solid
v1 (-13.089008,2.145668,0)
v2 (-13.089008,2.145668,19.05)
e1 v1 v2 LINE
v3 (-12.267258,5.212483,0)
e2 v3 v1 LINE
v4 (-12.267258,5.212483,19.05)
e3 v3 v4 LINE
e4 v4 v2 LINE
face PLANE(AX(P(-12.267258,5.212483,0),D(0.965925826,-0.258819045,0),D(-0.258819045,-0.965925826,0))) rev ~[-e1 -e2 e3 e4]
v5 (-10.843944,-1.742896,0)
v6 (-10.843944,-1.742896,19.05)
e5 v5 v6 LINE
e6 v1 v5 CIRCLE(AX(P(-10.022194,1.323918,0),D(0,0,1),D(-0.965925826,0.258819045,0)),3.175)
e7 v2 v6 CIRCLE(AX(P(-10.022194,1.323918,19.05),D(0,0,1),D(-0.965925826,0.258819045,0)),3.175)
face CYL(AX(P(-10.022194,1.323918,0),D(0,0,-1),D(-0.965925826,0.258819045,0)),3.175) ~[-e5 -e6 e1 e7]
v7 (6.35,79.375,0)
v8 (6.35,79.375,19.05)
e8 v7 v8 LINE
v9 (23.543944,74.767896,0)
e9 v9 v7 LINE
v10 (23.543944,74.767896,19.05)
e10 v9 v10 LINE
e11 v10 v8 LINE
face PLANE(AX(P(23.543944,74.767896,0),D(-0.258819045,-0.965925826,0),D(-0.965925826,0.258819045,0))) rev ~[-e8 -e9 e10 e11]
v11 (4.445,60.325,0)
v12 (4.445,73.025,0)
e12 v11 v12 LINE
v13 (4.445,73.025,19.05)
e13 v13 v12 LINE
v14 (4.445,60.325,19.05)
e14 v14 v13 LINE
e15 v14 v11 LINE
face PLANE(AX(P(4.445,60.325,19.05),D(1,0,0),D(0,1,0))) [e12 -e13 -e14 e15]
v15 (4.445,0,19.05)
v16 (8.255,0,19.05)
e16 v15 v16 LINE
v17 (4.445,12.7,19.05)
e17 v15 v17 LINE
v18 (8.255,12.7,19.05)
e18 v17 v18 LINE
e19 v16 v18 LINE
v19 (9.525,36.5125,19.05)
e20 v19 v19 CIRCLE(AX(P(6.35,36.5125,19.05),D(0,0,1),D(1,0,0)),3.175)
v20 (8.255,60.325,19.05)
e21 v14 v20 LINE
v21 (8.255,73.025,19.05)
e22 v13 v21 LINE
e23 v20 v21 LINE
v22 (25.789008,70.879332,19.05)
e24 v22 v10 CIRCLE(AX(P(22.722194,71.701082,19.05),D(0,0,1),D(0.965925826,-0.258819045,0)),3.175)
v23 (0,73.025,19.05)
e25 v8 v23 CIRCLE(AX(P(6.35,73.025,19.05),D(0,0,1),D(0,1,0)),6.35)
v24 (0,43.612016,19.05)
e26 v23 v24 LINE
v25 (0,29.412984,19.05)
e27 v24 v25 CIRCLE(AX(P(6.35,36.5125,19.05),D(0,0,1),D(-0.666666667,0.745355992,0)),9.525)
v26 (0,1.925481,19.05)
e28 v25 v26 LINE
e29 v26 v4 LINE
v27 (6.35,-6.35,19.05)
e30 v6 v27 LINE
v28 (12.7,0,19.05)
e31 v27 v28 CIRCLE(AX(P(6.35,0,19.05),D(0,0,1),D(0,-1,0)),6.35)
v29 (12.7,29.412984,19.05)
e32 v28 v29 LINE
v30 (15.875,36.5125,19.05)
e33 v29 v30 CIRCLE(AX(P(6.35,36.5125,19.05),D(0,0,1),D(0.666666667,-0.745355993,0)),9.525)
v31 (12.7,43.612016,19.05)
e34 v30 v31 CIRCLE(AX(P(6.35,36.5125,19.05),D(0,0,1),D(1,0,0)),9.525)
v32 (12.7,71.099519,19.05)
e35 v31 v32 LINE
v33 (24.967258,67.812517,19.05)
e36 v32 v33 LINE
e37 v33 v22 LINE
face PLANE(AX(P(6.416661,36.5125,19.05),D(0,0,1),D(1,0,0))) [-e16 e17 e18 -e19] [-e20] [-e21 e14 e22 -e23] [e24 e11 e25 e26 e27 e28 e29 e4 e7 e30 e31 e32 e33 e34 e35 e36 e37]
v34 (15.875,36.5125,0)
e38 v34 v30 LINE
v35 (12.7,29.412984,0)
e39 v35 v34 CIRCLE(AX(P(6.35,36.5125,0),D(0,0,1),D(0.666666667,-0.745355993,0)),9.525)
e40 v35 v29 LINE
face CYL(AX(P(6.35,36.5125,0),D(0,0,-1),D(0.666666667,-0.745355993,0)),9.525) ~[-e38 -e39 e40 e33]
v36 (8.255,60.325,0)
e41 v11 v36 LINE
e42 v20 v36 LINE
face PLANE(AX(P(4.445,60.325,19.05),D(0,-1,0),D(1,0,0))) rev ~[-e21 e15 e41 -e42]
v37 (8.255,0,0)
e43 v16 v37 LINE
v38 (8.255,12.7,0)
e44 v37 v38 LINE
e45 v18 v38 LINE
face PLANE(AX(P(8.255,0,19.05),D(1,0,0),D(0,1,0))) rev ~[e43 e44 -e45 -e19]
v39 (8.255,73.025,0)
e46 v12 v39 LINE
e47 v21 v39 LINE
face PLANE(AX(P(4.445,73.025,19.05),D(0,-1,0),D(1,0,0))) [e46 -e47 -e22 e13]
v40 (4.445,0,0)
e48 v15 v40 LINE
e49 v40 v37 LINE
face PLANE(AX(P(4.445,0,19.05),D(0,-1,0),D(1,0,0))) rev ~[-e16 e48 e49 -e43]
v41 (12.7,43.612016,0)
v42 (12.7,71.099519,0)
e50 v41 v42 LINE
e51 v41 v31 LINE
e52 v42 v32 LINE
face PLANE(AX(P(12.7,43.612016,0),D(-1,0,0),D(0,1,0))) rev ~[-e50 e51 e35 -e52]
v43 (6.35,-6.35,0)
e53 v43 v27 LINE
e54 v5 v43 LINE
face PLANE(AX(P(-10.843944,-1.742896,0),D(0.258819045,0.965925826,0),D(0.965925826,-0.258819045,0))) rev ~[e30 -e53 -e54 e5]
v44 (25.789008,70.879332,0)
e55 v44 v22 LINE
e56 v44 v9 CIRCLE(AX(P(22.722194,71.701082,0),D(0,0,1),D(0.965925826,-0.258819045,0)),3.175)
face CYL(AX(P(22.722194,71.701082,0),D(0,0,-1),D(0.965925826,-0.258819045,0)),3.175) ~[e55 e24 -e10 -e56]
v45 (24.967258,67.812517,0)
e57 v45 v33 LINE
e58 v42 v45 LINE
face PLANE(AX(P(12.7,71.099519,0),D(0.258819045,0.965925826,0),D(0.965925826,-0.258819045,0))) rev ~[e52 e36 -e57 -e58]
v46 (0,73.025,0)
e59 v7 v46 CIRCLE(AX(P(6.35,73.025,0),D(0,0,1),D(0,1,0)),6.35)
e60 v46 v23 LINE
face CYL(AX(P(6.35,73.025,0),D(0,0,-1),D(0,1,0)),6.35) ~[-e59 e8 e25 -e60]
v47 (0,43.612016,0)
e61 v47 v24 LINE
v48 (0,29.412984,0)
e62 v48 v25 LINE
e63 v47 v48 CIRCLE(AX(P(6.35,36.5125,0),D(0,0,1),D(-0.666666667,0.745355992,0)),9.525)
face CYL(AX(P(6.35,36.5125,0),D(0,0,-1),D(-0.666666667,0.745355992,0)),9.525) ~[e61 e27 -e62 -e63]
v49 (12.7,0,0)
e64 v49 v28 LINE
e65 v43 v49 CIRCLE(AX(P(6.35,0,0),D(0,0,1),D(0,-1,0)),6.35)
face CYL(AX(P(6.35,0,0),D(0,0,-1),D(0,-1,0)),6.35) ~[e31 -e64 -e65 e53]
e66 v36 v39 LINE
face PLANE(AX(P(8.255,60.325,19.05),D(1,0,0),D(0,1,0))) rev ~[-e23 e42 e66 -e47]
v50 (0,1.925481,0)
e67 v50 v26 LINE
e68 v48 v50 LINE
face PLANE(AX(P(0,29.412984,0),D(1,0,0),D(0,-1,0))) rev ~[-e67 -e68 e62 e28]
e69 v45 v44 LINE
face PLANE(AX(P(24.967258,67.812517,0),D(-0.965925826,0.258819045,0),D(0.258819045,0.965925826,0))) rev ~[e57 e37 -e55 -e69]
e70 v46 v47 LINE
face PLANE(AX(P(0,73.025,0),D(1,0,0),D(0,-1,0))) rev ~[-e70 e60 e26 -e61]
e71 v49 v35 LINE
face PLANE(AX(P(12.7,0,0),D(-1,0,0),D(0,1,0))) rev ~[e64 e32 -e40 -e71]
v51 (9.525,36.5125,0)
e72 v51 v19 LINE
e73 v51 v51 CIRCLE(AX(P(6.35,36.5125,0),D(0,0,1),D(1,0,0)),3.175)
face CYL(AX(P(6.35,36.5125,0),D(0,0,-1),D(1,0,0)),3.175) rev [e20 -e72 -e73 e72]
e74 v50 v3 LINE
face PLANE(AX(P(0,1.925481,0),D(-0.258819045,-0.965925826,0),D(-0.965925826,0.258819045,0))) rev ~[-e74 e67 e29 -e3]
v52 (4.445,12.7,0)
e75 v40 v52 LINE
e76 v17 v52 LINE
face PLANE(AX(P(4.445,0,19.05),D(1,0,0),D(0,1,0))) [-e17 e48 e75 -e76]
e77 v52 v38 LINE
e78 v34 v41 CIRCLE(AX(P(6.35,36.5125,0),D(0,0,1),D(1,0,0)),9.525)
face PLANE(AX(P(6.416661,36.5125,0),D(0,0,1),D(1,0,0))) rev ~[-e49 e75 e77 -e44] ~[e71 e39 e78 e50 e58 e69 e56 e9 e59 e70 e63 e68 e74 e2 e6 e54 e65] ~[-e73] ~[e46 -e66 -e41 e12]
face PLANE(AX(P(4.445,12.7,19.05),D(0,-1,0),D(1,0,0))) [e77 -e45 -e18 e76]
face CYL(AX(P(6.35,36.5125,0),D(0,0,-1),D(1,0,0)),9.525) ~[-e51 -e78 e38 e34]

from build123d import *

# Parameters (mm, degrees)
F0_R     = 3.175
F1_DEPTH = 19.05
F2_W     = 3.81
F2_H     = 12.7
F3_DEPTH = 19.05


with BuildPart() as f1:
    # F0 (on Top) → F1 (new body)
    with BuildSketch(Plane.XY):
        with BuildLine():
            ThreePointArc((12.7, 29.4129841714), (15.0450956004, 32.6239350333), (15.875, 36.5125))
            ThreePointArc((15.875, 36.5125), (15.0450956004, 40.4010649667), (12.7, 43.6120158286))
            ThreePointArc((12.7, 43.6120158286), (6.35, 46.0375), (0, 43.6120158286))
            ThreePointArc((0, 43.6120158286), (-3.175, 36.5125), (0, 29.4129841714))
            ThreePointArc((0, 29.4129841714), (6.35, 26.9875), (12.7, 29.4129841714))
        make_face()
        with Locations((6.35, 36.5125)):
            Circle(F0_R, mode=Mode.SUBTRACT)
        with BuildLine():
            ThreePointArc((0, 43.6120158286), (6.35, 46.0375), (12.7, 43.6120158286))
            Line((12.7, 43.6120158286), (12.7, 71.0995188825))
            Line((12.7, 71.0995188825), (24.9672579939, 67.8125170097))
            Line((24.9672579939, 67.8125170097), (25.7890084621, 70.8793315081))
            ThreePointArc((25.7890084621, 70.8793315081), (25.4718246206, 73.2885819763), (23.5439444318, 74.7678964748))
            Line((23.5439444318, 74.7678964748), (6.35, 79.375))
            ThreePointArc((6.35, 79.375), (1.8598719395, 77.5151280605), (0, 73.025))
            Line((0, 73.025), (0, 43.6120158286))
        make_face()
        with BuildLine():
            Line((12.7, 0), (12.7, 29.4129841714))
            ThreePointArc((12.7, 29.4129841714), (6.35, 26.9875), (0, 29.4129841714))
            Line((0, 29.4129841714), (0, 1.9254811175))
            Line((0, 1.9254811175), (-12.2672579939, 5.2124829903))
            Line((-12.2672579939, 5.2124829903), (-13.0890084621, 2.1456684919))
            ThreePointArc((-13.0890084621, 2.1456684919), (-12.7718246206, -0.2635819763), (-10.8439444318, -1.7428964748))
            Line((-10.8439444318, -1.7428964748), (6.35, -6.35))
            ThreePointArc((6.35, -6.35), (10.8401280605, -4.4901280605), (12.7, 0))
        make_face()
    extrude(amount=F1_DEPTH)

    # F2 (on face) → F3 (cut, through all)
    with BuildSketch(Plane.XY.offset(19.05)):
        with Locations((6.35, 66.675)):
            Rectangle(F2_W, F2_H)
        with Locations((6.35, 6.35)):
            Rectangle(F2_W, F2_H)
    extrude(amount=-F3_DEPTH, mode=Mode.SUBTRACT)


solid = f1.part
